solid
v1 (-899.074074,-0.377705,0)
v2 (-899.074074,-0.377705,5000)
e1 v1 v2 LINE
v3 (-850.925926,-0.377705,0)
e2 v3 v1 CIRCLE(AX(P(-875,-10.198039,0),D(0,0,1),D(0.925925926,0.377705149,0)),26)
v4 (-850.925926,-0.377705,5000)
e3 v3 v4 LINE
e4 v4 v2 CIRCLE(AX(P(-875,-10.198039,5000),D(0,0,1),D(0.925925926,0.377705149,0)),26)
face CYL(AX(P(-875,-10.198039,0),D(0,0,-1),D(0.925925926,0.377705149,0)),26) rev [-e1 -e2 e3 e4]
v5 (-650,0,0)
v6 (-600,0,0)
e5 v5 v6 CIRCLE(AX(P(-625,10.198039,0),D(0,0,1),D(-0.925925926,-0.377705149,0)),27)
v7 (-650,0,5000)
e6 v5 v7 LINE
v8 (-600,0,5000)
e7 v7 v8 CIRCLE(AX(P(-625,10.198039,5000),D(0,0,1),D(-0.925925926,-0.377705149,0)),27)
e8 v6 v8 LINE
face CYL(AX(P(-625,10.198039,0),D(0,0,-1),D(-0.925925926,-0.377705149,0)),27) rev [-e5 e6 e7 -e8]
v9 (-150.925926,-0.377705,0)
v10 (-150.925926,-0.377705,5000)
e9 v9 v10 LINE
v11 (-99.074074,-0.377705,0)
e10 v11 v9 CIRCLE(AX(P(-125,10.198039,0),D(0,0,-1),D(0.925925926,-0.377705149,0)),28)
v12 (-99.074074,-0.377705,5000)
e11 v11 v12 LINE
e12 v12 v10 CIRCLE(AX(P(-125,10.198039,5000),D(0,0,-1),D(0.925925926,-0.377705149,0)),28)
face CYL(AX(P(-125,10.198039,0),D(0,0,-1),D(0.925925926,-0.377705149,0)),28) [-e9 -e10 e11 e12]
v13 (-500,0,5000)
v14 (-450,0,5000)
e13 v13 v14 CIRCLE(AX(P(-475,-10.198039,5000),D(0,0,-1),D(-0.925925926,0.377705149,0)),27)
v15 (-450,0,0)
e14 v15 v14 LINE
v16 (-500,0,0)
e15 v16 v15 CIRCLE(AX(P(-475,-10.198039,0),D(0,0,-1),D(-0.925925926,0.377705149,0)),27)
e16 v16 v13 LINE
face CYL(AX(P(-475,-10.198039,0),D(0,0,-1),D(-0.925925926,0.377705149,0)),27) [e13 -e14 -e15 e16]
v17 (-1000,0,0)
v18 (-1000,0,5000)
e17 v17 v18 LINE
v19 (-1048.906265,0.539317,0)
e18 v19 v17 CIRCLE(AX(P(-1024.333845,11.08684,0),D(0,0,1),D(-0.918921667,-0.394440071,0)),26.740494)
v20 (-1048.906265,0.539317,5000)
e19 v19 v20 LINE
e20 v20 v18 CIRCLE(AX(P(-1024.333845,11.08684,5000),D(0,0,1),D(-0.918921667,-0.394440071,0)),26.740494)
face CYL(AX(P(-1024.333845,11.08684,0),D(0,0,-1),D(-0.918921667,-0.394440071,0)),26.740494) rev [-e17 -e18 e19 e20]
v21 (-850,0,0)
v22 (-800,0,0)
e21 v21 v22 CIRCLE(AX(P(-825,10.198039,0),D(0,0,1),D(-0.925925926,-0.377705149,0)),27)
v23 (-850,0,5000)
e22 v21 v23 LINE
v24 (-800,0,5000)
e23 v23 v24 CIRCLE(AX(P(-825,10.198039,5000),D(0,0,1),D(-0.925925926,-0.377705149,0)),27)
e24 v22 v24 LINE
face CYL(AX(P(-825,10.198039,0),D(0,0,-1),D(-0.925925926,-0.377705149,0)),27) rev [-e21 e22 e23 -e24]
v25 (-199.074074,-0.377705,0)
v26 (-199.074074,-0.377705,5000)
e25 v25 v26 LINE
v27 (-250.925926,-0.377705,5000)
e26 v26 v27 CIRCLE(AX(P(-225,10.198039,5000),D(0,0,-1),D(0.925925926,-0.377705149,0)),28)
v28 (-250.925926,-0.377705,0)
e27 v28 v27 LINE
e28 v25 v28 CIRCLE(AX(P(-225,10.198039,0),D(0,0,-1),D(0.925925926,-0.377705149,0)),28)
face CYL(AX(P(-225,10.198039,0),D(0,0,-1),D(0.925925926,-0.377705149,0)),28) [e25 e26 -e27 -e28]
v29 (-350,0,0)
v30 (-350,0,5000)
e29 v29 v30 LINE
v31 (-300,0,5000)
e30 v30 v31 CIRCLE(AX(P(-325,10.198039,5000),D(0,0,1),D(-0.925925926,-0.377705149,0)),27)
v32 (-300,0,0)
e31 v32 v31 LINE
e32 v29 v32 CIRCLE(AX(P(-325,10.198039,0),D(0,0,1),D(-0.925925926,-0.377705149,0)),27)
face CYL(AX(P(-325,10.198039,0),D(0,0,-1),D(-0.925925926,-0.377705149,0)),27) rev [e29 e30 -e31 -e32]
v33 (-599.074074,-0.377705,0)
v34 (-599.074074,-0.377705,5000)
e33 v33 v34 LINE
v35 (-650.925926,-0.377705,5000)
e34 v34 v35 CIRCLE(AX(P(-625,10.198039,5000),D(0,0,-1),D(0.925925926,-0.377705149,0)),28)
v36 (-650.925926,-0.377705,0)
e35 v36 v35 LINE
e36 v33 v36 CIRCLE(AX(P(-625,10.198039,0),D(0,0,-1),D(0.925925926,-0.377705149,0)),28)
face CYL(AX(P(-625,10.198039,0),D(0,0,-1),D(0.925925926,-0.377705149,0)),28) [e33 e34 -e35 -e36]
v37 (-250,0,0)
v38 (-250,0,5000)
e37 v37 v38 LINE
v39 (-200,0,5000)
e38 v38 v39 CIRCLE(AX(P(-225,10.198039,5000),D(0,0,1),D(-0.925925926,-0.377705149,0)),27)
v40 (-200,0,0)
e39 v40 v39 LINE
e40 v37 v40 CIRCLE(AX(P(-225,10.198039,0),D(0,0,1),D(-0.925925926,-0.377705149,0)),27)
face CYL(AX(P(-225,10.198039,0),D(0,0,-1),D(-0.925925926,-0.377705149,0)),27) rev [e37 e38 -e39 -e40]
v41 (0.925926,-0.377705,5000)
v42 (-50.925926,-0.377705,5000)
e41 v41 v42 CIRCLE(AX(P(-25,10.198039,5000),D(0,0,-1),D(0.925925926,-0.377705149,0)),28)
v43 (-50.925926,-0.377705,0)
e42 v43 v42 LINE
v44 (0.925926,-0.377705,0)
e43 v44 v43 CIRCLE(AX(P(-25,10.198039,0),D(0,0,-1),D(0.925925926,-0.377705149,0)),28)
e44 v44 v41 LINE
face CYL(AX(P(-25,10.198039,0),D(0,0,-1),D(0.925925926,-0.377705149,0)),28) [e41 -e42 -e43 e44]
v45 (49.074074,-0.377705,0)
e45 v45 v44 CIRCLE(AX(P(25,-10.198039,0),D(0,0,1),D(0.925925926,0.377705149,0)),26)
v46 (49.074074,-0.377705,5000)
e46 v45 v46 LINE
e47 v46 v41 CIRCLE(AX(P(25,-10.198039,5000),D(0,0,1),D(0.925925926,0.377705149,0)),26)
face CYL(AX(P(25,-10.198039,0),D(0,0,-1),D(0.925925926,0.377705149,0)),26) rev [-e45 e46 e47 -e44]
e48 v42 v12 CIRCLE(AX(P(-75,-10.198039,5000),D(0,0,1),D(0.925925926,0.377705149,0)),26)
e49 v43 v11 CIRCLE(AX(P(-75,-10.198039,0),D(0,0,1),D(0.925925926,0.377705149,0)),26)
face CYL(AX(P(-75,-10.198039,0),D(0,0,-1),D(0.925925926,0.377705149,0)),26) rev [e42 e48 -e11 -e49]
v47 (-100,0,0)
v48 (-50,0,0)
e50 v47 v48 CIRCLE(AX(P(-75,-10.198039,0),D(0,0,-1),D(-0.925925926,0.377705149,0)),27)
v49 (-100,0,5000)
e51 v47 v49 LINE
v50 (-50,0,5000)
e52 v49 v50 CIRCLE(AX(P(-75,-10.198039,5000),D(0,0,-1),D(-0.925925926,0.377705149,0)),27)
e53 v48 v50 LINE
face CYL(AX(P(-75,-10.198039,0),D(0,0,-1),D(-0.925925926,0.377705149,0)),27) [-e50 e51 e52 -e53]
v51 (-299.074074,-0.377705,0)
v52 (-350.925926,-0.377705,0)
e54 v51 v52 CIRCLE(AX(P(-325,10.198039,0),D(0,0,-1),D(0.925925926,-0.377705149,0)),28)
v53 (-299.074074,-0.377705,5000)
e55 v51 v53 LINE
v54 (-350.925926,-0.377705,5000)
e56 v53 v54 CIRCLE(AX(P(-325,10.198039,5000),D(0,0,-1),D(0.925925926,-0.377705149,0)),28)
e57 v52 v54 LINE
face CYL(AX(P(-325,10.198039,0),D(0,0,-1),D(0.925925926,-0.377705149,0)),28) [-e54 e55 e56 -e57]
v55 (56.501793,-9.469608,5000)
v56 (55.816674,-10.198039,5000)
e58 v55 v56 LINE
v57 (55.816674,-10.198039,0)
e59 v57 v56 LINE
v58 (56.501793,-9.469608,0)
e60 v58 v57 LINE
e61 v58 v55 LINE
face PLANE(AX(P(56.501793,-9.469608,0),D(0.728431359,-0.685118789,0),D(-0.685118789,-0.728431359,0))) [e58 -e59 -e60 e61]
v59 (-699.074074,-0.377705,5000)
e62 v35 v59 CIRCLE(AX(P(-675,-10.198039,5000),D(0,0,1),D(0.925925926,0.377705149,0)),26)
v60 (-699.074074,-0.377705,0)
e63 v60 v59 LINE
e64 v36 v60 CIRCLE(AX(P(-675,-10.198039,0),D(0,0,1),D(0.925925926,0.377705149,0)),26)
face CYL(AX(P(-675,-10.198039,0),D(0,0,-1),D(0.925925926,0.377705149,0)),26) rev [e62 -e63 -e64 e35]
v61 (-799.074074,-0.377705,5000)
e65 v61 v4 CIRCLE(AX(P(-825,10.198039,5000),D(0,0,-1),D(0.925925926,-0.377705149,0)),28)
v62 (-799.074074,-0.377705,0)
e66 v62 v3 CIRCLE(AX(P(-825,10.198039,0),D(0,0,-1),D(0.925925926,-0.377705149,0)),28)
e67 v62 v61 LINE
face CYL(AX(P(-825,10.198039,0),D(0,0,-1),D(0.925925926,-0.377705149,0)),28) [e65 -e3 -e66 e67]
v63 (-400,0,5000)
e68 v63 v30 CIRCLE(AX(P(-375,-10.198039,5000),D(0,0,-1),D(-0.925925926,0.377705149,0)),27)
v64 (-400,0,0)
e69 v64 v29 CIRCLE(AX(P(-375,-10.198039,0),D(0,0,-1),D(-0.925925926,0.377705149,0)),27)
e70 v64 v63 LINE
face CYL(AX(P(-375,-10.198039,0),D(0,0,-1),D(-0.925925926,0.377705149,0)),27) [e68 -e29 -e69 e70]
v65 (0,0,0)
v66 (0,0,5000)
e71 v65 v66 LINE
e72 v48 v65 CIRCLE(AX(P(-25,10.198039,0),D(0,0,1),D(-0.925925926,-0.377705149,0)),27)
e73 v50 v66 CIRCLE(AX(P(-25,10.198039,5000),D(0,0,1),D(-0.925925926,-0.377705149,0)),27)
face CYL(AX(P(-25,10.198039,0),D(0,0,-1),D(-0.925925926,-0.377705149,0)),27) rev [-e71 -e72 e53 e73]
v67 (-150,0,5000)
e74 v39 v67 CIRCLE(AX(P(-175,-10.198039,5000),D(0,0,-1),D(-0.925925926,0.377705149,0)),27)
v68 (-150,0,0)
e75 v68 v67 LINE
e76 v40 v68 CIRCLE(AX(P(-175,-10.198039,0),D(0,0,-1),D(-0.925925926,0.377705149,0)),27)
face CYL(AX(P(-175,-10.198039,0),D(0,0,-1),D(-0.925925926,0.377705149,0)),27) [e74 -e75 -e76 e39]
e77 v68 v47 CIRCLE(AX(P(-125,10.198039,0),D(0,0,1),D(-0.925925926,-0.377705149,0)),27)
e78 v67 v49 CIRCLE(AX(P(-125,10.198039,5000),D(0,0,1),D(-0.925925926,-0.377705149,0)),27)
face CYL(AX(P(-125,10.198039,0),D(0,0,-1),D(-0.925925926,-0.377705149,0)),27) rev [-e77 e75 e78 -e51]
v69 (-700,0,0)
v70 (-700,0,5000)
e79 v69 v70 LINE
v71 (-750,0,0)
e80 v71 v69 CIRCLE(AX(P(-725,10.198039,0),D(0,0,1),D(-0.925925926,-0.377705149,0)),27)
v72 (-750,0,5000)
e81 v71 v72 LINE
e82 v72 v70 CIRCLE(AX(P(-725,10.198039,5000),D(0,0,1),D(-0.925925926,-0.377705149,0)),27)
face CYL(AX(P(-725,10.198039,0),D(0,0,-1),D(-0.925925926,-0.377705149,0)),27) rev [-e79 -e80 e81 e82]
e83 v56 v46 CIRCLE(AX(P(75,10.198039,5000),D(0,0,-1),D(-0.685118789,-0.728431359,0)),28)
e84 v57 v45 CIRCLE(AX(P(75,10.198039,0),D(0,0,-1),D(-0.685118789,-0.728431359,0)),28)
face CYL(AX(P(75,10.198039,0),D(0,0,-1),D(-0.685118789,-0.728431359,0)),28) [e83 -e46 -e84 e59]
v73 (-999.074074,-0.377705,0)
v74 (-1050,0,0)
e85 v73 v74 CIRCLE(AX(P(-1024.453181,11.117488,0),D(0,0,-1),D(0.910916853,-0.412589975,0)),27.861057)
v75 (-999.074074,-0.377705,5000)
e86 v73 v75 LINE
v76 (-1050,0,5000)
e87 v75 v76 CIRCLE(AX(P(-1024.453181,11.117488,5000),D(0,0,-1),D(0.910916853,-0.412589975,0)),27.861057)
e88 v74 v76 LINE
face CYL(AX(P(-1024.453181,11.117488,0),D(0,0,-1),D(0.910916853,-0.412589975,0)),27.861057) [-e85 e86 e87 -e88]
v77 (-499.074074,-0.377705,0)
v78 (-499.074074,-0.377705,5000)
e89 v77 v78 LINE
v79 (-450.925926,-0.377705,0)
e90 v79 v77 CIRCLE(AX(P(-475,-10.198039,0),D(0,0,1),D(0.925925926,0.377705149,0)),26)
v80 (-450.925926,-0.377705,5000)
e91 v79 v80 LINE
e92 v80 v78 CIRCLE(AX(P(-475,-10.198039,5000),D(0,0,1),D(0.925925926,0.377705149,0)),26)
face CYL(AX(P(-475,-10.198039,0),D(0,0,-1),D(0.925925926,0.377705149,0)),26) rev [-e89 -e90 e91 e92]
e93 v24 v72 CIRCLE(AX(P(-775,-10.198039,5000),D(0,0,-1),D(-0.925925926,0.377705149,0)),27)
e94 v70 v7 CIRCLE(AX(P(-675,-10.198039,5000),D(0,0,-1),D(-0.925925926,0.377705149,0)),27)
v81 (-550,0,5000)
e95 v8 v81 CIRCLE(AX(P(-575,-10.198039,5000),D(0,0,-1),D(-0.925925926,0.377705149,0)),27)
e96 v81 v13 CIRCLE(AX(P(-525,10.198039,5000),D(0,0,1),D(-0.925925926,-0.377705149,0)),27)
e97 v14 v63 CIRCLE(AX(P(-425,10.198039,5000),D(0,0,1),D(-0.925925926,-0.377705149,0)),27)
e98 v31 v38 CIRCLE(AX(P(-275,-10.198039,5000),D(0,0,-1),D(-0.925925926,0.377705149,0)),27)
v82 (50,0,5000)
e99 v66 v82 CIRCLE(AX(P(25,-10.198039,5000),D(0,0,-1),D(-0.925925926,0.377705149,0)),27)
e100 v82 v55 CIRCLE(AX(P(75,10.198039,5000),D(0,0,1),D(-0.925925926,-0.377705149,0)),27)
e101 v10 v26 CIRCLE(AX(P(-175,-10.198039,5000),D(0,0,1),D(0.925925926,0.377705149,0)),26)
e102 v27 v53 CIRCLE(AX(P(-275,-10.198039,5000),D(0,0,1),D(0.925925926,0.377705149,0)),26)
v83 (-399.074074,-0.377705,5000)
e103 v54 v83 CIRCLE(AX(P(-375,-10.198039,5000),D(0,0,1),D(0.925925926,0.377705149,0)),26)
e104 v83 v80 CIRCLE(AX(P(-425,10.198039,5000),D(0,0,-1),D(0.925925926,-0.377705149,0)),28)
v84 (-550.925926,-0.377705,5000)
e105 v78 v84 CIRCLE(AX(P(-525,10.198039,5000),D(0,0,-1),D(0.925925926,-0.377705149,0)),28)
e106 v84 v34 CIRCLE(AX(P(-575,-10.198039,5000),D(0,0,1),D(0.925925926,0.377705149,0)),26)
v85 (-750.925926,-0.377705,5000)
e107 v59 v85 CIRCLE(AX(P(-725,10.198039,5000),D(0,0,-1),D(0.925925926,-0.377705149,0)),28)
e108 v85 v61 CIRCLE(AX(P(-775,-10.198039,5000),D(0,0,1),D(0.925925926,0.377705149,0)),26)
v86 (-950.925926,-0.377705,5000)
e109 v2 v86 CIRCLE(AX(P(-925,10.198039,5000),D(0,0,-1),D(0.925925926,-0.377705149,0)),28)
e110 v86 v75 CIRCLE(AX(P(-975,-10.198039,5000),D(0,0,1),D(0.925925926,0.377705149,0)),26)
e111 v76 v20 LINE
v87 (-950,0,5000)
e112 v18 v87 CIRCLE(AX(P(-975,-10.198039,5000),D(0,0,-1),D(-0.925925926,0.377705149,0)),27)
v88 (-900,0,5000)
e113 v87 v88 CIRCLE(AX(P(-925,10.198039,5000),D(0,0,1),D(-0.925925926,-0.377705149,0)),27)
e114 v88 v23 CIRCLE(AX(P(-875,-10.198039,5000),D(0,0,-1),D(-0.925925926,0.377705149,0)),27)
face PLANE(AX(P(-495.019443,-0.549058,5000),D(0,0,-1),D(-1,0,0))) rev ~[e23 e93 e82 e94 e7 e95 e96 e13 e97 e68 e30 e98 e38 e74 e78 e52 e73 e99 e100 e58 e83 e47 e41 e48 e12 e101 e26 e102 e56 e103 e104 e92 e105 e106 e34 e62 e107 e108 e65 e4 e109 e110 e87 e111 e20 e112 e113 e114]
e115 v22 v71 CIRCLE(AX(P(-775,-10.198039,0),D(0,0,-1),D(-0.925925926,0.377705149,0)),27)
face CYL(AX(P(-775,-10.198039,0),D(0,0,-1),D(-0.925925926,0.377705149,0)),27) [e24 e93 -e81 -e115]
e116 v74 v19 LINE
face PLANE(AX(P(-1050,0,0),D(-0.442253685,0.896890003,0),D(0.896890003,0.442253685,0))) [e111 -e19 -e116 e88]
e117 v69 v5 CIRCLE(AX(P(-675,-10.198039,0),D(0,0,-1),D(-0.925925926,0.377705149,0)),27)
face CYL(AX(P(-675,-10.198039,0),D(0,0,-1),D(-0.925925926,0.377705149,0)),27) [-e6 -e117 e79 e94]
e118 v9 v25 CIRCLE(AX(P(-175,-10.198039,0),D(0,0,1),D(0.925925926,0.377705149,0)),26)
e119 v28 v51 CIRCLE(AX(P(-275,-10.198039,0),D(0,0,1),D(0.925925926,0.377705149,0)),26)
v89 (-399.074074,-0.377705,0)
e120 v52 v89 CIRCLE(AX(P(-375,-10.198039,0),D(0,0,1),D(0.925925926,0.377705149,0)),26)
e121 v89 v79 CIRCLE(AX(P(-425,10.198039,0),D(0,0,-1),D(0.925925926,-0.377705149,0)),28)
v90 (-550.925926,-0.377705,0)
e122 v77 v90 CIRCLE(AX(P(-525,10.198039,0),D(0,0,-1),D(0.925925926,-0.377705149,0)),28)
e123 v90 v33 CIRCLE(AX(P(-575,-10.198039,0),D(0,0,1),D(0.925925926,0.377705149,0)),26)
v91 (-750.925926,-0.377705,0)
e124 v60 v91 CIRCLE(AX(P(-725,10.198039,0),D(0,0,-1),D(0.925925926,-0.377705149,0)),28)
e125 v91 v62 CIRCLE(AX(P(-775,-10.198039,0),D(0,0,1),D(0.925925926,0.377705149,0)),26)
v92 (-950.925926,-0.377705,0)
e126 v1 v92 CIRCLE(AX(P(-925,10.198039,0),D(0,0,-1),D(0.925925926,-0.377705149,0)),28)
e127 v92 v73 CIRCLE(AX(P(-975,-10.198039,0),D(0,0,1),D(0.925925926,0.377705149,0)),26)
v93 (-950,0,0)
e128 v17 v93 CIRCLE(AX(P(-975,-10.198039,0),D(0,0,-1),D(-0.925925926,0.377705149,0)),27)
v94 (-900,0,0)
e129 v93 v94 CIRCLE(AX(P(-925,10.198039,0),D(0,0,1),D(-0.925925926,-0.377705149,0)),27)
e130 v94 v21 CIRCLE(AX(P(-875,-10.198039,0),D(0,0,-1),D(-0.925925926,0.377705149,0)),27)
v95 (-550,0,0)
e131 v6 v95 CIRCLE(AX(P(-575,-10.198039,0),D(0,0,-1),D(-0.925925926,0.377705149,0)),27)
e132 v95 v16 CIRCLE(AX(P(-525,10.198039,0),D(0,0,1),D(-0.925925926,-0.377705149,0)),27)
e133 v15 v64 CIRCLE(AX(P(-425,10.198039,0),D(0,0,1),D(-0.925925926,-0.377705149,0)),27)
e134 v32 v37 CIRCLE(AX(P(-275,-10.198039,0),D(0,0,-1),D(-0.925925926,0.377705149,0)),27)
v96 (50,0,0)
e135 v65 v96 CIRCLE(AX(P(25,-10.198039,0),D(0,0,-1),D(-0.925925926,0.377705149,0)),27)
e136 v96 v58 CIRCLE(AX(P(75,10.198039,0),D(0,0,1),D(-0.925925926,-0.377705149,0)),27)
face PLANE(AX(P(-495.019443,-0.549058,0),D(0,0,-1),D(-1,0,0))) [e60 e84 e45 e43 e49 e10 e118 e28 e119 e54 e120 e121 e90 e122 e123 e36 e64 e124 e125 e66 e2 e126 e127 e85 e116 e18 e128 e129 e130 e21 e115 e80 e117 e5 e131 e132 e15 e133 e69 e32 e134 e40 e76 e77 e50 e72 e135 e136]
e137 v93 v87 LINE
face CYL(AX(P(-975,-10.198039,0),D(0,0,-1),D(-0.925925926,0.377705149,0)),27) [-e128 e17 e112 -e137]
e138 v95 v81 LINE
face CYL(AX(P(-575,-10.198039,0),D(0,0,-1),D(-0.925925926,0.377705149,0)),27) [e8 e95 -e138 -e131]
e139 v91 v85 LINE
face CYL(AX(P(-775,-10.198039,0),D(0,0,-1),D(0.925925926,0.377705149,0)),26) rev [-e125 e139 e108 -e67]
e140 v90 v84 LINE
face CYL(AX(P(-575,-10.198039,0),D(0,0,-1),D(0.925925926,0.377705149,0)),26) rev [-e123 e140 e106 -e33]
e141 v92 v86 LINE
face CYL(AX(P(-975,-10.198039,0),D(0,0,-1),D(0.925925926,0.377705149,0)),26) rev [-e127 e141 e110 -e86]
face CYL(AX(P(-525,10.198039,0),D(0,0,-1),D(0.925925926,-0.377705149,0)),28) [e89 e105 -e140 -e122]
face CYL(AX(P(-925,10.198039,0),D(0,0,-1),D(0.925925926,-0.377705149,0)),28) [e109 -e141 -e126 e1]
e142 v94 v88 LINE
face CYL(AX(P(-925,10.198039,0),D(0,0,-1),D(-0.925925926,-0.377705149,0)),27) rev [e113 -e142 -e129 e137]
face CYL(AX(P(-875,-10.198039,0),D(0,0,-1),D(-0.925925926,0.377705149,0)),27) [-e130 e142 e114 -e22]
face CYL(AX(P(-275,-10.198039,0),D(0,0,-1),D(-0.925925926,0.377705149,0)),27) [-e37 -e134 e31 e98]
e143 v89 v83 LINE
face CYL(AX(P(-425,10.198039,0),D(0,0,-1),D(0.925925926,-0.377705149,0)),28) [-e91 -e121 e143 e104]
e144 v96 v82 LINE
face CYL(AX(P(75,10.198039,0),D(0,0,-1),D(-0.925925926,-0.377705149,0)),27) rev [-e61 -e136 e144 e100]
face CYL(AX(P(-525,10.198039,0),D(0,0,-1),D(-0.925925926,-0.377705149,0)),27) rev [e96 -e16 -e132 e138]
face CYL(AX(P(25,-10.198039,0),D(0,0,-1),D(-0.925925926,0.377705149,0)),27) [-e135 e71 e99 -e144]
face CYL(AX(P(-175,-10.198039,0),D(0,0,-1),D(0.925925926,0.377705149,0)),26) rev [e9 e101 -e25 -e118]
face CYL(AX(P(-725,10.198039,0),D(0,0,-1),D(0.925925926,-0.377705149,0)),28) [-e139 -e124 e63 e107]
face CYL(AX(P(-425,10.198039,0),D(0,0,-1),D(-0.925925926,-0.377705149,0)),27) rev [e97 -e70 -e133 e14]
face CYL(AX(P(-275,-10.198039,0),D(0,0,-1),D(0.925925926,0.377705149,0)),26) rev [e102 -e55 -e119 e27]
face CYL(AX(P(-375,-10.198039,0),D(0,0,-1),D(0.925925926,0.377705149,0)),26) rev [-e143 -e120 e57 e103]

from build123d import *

# Parameters (mm, degrees)
RESSALTO_EXTRUS_O1_DEPTH = 5000


with BuildPart() as part:
    # Esboço1 → Ressalto-extrusão1 (new body)
    with BuildSketch(Plane.XY):
        with BuildLine():
            Line((-1050, 0), (-1048.906264859, 0.539317413))
            ThreePointArc((-1048.906264859, 0.539317413), (-1024.628710002, -15.652028698), (-1000, 0))
            ThreePointArc((-1000, 0), (-975, 16.801960973), (-950, 0))
            ThreePointArc((-950, 0), (-925, -16.801960973), (-900, 0))
            ThreePointArc((-900, 0), (-875, 16.801960973), (-850, 0))
            ThreePointArc((-850, 0), (-825, -16.801960973), (-800, 0))
            ThreePointArc((-800, 0), (-775, 16.801960973), (-750, 0))
            ThreePointArc((-750, 0), (-725, -16.801960973), (-700, 0))
            ThreePointArc((-700, 0), (-675, 16.801960973), (-650, 0))
            ThreePointArc((-650, 0), (-625, -16.801960973), (-600, 0))
            ThreePointArc((-600, 0), (-575, 16.801960973), (-550, 0))
            ThreePointArc((-550, 0), (-525, -16.801960973), (-500, 0))
            ThreePointArc((-500, 0), (-475, 16.801960973), (-450, 0))
            ThreePointArc((-450, 0), (-425, -16.801960973), (-400, 0))
            ThreePointArc((-400, 0), (-375, 16.801960973), (-350, 0))
            ThreePointArc((-350, 0), (-325, -16.801960973), (-300, 0))
            ThreePointArc((-300, 0), (-275, 16.801960973), (-250, 0))
            ThreePointArc((-250, 0), (-225, -16.801960973), (-200, 0))
            ThreePointArc((-200, 0), (-175, 16.801960973), (-150, 0))
            ThreePointArc((-150, 0), (-125, -16.801960973), (-100, 0))
            ThreePointArc((-100, 0), (-75, 16.801960973), (-50, 0))
            ThreePointArc((-50, 0), (-25, -16.801960973), (0, 0))
            ThreePointArc((0, 0), (25, 16.801960973), (50, 0))
            ThreePointArc((50, 0), (52.741476306, -5.084569487), (56.501792696, -9.469607668))
            Line((56.501792696, -9.469607668), (55.816673907, -10.198039027))
            ThreePointArc((55.816673907, -10.198039027), (51.91708654, -5.650592024), (49.074074074, -0.377705149))
            ThreePointArc((49.074074074, -0.377705149), (25, 15.801960973), (0.925925926, -0.377705149))
            ThreePointArc((0.925925926, -0.377705149), (-25, -17.801960973), (-50.925925926, -0.377705149))
            ThreePointArc((-50.925925926, -0.377705149), (-75, 15.801960973), (-99.074074074, -0.377705149))
            ThreePointArc((-99.074074074, -0.377705149), (-125, -17.801960973), (-150.925925926, -0.377705149))
            ThreePointArc((-150.925925926, -0.377705149), (-175, 15.801960973), (-199.074074074, -0.377705149))
            ThreePointArc((-199.074074074, -0.377705149), (-225, -17.801960973), (-250.925925926, -0.377705149))
            ThreePointArc((-250.925925926, -0.377705149), (-275, 15.801960973), (-299.074074074, -0.377705149))
            ThreePointArc((-299.074074074, -0.377705149), (-325, -17.801960973), (-350.925925926, -0.377705149))
            ThreePointArc((-350.925925926, -0.377705149), (-375, 15.801960973), (-399.074074074, -0.377705149))
            ThreePointArc((-399.074074074, -0.377705149), (-425, -17.801960973), (-450.925925926, -0.377705149))
            ThreePointArc((-450.925925926, -0.377705149), (-475, 15.801960973), (-499.074074074, -0.377705149))
            ThreePointArc((-499.074074074, -0.377705149), (-525, -17.801960973), (-550.925925926, -0.377705149))
            ThreePointArc((-550.925925926, -0.377705149), (-575, 15.801960973), (-599.074074074, -0.377705149))
            ThreePointArc((-599.074074074, -0.377705149), (-625, -17.801960973), (-650.925925926, -0.377705149))
            ThreePointArc((-650.925925926, -0.377705149), (-675, 15.801960973), (-699.074074074, -0.377705149))
            ThreePointArc((-699.074074074, -0.377705149), (-725, -17.801960973), (-750.925925926, -0.377705149))
            ThreePointArc((-750.925925926, -0.377705149), (-775, 15.801960973), (-799.074074074, -0.377705149))
            ThreePointArc((-799.074074074, -0.377705149), (-825, -17.801960973), (-850.925925926, -0.377705149))
            ThreePointArc((-850.925925926, -0.377705149), (-875, 15.801960973), (-899.074074074, -0.377705149))
            ThreePointArc((-899.074074074, -0.377705149), (-925, -17.801960973), (-950.925925926, -0.377705149))
            ThreePointArc((-950.925925926, -0.377705149), (-975, 15.801960973), (-999.074074074, -0.377705149))
            ThreePointArc((-999.074074074, -0.377705149), (-1024.659813644, -16.74280323), (-1050, 0))
        make_face()
    extrude(amount=RESSALTO_EXTRUS_O1_DEPTH)


solid = part.part
